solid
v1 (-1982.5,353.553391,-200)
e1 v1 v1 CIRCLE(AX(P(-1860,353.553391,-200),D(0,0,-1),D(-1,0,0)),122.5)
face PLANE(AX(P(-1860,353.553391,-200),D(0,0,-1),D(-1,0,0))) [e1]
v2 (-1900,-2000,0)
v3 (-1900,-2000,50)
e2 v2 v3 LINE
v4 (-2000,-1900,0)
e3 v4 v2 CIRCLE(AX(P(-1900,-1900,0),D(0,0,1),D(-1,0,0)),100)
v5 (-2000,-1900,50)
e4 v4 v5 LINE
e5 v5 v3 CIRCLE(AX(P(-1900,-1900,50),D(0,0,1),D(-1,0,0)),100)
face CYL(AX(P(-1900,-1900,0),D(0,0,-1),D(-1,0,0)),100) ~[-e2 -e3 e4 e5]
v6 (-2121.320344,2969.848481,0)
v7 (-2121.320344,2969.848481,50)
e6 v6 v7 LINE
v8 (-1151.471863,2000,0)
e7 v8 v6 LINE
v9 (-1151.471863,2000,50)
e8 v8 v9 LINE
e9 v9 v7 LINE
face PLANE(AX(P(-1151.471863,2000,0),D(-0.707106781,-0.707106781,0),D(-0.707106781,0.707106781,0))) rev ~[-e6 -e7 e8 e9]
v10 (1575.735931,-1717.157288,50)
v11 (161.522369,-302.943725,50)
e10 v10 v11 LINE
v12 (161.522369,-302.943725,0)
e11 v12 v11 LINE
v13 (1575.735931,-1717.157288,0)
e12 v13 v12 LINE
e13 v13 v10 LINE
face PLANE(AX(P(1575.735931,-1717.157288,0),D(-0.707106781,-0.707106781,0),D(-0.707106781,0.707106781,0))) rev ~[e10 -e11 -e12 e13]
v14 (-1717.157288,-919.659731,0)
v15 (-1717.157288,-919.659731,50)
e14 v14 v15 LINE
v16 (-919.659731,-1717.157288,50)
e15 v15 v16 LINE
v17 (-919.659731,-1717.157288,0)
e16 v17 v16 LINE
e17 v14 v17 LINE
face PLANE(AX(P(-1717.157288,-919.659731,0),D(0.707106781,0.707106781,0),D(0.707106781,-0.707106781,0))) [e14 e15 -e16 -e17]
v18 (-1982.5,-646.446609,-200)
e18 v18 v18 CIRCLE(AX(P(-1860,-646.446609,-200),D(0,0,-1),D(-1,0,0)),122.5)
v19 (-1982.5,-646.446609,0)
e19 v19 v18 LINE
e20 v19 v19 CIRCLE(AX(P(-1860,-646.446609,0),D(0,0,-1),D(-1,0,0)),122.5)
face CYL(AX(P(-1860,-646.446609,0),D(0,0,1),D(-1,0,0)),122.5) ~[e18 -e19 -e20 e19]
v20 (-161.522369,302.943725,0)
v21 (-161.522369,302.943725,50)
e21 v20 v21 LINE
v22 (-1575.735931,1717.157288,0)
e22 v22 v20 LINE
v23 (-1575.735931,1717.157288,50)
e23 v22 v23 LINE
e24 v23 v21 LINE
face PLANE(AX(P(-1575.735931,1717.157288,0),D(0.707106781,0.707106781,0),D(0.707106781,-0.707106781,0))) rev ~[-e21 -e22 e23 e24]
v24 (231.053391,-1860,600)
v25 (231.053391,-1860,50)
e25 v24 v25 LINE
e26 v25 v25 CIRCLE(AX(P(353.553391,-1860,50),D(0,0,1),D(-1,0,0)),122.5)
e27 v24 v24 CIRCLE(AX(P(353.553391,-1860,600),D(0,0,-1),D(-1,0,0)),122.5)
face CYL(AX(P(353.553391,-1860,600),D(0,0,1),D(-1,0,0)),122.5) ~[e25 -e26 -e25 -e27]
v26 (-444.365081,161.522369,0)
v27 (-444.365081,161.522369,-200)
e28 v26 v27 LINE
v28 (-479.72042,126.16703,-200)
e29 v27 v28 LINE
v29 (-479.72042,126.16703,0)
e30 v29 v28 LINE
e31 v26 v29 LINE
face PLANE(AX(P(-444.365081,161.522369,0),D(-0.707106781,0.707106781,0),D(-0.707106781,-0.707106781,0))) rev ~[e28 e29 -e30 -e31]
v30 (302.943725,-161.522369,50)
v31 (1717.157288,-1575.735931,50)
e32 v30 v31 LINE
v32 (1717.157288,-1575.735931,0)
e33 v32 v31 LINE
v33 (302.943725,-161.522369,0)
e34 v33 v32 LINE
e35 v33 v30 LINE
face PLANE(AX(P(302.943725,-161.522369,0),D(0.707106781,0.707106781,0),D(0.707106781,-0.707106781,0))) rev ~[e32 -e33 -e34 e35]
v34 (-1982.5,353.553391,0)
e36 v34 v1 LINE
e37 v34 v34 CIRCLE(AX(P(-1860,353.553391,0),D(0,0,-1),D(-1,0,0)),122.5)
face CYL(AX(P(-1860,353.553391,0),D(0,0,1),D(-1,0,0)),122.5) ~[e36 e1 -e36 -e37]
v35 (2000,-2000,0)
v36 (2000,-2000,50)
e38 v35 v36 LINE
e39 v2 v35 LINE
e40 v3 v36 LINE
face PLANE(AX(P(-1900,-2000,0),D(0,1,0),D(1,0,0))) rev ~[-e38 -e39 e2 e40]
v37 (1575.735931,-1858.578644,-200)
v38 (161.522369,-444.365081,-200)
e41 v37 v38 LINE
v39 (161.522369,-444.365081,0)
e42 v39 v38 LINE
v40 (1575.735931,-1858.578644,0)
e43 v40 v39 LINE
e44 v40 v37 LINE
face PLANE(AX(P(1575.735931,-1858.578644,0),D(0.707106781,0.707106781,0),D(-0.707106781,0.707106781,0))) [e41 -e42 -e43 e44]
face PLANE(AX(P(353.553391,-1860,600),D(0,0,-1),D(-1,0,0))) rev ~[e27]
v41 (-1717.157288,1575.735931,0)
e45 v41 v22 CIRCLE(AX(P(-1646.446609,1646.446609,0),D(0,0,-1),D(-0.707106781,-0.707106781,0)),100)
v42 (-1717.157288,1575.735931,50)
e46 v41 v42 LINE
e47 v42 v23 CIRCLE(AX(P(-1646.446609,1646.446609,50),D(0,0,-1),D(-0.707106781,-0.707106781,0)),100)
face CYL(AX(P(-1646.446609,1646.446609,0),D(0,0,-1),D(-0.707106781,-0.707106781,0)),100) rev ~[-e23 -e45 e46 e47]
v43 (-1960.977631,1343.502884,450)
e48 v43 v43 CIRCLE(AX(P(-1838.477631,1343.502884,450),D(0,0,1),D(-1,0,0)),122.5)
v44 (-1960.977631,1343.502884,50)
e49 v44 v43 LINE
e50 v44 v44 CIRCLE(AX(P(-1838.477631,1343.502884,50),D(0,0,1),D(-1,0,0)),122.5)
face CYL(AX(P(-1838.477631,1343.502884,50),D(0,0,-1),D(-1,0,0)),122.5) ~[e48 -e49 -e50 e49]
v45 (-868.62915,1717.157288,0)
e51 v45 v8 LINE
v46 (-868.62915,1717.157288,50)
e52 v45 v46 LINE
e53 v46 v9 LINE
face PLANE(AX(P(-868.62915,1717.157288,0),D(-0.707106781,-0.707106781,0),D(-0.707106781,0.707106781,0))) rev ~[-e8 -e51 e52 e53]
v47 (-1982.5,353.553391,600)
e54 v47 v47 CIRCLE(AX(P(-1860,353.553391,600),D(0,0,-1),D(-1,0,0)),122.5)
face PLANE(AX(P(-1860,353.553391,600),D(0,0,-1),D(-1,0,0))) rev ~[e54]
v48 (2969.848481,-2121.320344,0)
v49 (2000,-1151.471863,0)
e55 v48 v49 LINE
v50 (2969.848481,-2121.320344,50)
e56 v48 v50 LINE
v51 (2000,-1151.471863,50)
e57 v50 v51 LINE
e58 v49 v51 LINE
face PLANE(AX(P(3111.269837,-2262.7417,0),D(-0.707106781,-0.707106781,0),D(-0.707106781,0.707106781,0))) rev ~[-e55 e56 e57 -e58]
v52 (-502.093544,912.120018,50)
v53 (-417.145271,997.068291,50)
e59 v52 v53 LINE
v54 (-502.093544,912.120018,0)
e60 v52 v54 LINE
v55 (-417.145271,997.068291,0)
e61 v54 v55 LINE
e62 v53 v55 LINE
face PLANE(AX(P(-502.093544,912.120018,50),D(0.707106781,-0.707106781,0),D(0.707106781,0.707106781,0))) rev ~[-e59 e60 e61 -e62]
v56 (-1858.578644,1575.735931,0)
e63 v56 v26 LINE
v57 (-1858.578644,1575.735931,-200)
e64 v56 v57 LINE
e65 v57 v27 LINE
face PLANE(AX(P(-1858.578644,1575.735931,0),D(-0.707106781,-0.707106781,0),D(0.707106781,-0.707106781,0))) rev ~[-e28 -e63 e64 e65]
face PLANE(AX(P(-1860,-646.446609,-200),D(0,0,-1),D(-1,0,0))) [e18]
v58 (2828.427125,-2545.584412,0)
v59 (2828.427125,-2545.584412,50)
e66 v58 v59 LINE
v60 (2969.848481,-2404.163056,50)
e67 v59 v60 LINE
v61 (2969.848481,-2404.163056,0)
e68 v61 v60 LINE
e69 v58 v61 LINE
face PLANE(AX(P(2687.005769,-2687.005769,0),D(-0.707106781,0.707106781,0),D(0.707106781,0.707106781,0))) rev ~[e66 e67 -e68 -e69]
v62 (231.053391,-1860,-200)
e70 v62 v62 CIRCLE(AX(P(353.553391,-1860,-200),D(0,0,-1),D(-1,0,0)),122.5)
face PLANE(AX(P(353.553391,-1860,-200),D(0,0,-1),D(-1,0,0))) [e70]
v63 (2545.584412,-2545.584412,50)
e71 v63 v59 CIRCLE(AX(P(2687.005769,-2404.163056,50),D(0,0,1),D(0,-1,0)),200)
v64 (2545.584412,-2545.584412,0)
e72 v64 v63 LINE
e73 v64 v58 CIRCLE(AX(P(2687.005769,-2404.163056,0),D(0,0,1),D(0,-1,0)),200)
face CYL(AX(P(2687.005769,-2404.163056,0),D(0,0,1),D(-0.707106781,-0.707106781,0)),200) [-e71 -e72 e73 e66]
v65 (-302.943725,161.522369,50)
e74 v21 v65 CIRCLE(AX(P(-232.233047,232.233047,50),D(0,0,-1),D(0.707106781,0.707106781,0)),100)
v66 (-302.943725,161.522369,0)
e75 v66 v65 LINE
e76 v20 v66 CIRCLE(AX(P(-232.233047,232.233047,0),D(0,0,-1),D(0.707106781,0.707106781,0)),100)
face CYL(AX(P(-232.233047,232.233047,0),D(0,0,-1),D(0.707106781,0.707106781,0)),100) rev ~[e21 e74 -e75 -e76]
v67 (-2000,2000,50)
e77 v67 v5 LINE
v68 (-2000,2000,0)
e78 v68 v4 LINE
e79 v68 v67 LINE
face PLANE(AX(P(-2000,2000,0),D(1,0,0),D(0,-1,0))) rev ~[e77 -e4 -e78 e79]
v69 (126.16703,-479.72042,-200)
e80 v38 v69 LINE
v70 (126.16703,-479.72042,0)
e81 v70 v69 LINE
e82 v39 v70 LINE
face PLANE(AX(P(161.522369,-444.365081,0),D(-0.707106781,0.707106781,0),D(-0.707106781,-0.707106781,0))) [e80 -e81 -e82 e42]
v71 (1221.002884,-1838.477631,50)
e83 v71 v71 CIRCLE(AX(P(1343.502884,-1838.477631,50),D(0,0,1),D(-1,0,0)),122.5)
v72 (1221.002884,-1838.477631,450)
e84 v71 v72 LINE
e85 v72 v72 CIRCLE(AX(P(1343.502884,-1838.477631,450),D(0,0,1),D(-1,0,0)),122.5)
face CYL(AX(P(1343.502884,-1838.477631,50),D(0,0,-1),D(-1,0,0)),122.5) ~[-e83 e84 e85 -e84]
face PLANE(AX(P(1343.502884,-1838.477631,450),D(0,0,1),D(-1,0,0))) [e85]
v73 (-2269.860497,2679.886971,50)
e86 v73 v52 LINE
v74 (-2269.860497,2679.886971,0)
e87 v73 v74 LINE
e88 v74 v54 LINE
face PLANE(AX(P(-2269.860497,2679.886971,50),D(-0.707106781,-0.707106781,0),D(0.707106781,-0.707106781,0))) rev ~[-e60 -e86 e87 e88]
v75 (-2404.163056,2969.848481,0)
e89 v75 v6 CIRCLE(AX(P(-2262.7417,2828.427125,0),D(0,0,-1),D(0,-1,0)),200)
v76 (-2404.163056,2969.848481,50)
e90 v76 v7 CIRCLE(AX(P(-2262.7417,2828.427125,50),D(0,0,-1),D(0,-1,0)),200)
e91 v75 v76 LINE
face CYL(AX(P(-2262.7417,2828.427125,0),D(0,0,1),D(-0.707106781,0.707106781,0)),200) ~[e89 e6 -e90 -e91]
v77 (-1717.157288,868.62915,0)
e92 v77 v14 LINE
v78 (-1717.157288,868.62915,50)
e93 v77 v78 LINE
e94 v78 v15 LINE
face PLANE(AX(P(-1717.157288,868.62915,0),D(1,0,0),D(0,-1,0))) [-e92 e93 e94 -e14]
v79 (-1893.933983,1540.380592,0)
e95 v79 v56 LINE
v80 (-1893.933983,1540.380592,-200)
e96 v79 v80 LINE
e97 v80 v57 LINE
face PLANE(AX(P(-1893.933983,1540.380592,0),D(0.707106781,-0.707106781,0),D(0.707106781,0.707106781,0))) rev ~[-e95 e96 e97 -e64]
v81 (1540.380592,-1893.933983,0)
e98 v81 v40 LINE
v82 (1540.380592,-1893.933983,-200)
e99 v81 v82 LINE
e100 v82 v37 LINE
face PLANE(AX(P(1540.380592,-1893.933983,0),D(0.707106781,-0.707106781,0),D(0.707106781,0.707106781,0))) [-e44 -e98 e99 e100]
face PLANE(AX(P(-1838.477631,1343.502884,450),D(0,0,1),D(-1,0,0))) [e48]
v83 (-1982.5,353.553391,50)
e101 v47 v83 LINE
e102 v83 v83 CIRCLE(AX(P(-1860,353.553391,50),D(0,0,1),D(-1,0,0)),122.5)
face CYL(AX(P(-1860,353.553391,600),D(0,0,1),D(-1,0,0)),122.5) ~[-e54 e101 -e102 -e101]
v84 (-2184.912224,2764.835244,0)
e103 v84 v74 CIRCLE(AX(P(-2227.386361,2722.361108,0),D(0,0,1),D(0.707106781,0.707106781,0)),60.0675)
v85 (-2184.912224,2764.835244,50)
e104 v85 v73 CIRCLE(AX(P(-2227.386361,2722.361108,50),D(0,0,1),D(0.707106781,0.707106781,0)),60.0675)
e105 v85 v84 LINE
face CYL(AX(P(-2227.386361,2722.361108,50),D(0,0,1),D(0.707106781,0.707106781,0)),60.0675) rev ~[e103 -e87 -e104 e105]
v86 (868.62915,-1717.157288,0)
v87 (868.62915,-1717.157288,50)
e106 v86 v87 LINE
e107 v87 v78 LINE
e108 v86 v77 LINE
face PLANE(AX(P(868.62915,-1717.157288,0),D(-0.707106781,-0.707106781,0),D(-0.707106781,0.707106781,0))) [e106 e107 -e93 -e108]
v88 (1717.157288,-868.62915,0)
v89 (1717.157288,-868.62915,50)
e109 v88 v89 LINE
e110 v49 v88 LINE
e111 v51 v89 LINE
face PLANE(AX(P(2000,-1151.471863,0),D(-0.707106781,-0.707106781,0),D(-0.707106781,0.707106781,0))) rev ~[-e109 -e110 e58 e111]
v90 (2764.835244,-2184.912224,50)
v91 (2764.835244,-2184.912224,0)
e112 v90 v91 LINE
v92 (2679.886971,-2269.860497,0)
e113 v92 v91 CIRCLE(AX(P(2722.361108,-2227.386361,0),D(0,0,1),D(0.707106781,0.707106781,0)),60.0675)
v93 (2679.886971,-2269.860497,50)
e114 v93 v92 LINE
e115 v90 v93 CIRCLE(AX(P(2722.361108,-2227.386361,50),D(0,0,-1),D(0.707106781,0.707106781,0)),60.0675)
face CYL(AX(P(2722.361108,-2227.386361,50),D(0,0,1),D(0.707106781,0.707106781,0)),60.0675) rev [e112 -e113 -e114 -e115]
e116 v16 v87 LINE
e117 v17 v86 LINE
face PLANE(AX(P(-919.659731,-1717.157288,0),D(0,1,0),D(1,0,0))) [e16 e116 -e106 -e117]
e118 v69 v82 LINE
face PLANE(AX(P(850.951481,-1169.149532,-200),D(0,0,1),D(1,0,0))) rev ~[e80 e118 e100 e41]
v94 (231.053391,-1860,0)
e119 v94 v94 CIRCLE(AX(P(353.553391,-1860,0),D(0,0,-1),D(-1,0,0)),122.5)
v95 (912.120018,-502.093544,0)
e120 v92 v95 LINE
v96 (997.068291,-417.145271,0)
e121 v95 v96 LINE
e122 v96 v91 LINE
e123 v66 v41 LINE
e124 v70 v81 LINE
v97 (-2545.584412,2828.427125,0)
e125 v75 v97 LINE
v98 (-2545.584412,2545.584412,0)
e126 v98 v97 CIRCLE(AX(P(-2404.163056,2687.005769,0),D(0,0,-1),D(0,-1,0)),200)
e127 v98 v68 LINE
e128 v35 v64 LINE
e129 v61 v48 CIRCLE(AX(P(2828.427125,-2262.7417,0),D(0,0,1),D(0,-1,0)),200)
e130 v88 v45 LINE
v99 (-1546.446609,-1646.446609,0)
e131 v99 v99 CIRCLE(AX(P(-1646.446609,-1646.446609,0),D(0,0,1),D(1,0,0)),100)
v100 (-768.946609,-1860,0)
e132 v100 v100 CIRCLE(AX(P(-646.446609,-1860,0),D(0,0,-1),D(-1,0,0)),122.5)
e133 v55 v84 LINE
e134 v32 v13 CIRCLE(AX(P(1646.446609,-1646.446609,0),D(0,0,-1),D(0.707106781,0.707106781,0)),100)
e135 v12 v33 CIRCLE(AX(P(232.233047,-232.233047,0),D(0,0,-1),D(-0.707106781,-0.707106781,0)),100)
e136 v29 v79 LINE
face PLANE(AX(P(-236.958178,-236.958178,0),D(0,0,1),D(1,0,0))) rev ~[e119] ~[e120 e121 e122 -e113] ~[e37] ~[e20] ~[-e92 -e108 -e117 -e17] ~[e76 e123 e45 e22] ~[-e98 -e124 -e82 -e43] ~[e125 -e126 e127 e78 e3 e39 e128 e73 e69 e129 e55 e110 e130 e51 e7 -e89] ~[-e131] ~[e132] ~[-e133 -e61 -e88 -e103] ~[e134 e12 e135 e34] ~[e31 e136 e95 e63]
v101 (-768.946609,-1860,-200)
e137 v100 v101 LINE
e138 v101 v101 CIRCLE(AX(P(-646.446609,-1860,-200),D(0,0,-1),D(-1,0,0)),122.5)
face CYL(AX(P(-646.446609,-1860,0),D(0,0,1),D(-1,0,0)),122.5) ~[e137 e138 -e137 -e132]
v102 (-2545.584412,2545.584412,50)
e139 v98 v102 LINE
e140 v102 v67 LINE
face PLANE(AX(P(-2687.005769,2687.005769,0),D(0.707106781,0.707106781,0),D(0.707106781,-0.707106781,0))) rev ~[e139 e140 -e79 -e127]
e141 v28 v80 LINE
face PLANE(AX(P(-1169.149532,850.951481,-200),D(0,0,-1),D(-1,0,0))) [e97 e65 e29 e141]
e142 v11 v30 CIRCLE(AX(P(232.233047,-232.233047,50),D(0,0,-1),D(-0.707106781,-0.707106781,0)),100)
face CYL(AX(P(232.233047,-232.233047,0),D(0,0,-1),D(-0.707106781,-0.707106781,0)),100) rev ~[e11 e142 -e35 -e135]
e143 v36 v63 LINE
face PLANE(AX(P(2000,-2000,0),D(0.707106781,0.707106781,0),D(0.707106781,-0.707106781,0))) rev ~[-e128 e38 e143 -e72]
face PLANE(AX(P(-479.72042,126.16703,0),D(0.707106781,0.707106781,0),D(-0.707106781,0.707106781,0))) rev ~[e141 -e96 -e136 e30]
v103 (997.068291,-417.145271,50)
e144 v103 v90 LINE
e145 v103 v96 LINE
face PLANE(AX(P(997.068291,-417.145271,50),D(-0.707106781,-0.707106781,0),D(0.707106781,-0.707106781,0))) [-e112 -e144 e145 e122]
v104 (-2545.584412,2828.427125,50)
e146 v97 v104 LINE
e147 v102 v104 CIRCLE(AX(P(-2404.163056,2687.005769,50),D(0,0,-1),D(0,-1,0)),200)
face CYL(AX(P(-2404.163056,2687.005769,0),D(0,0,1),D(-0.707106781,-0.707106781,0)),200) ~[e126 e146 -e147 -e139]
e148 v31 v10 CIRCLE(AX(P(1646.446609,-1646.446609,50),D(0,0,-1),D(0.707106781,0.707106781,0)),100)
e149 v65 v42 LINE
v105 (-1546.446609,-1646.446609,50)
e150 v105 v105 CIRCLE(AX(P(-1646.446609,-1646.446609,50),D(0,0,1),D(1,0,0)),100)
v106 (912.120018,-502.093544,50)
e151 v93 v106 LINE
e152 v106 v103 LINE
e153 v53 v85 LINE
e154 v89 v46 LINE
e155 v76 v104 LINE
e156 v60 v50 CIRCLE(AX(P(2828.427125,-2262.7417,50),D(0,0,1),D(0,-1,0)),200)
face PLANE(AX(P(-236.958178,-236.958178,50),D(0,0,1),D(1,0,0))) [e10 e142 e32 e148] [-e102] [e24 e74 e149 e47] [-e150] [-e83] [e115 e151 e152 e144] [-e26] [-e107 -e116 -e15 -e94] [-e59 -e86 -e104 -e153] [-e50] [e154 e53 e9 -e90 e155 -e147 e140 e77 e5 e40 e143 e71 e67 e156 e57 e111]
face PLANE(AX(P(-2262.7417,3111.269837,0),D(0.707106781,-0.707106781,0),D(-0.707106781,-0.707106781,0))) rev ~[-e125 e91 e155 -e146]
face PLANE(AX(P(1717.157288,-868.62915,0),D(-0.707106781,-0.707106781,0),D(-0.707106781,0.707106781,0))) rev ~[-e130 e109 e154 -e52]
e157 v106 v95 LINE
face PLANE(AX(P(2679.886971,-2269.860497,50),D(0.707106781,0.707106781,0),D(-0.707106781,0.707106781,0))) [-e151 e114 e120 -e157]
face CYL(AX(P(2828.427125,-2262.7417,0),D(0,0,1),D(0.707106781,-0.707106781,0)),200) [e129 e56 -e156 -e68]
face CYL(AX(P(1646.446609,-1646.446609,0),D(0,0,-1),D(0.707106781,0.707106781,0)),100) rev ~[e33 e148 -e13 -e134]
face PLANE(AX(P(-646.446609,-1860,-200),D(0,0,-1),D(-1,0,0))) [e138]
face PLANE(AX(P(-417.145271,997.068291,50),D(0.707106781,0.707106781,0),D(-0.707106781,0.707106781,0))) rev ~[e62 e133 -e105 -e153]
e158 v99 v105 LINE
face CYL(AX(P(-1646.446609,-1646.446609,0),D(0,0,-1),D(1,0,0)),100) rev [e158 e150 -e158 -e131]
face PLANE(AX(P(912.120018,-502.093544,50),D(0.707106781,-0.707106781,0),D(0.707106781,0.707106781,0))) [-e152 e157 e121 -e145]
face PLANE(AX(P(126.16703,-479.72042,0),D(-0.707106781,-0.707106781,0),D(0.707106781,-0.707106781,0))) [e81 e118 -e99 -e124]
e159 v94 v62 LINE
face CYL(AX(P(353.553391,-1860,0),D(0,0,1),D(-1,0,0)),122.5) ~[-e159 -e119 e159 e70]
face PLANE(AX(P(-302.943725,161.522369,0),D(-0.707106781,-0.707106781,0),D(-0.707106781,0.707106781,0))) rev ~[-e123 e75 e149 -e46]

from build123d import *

# Parameters (mm, degrees)
SKETCH1_R           = 100
BOSS_EXTRUDE1_DEPTH = 50
SKETCH3_R           = 122.5
BOSS_EXTRUDE3_DEPTH = 200
BOSS_EXTRUDE4_START = -600
SKETCH3_2_R         = 122.5
BOSS_EXTRUDE4_DEPTH = 600
SKETCH6_R           = 122.5
BOSS_EXTRUDE5_DEPTH = 400
CUT_EXTRUDE1_DEPTH  = 4435.241761564
FILLET1_R           = 200


with BuildPart() as part:
    # Sketch1 → Boss-Extrude1 (new body)
    with BuildSketch(Plane.XY):
        with BuildLine():
            Line((-2000, 2000), (-2000, -1900))
            ThreePointArc((-2000, -1900), (-1970.710678119, -1970.710678119), (-1900, -2000))
            Line((-1900, -2000), (2000, -2000))
            Line((2000, -2000), (2687.005768509, -2687.005768509))
            Line((2687.005768509, -2687.005768509), (3111.269837221, -2262.741699797))
            Line((3111.269837221, -2262.741699797), (2000, -1151.471862576))
            Line((2000, -1151.471862576), (1717.157287525, -868.629150102))
            Line((1717.157287525, -868.629150102), (-868.629150102, 1717.157287525))
            Line((-868.629150102, 1717.157287525), (-1151.471862576, 2000))
            Line((-1151.471862576, 2000), (-2262.741699797, 3111.269837221))
            Line((-2262.741699797, 3111.269837221), (-2687.005768509, 2687.005768509))
            Line((-2687.005768509, 2687.005768509), (-2000, 2000))
        make_face()
        with Locations((-1646.446609407, -1646.446609407)):
            Circle(SKETCH1_R, mode=Mode.SUBTRACT)
        with BuildLine():
            Line((1575.735931288, -1717.157287525), (161.522368915, -302.943725152))
            ThreePointArc((161.522368915, -302.943725152), (161.522368915, -161.522368915), (302.943725152, -161.522368915))
            Line((302.943725152, -161.522368915), (1717.157287525, -1575.735931288))
            ThreePointArc((1717.157287525, -1575.735931288), (1717.157287525, -1717.157287525), (1575.735931288, -1717.157287525))
        make_face(mode=Mode.SUBTRACT)
        with BuildLine():
            Line((-302.943725152, 161.522368915), (-1717.157287525, 1575.735931288))
            ThreePointArc((-1717.157287525, 1575.735931288), (-1717.157287525, 1717.157287525), (-1575.735931288, 1717.157287525))
            Line((-1575.735931288, 1717.157287525), (-161.522368915, 302.943725152))
            ThreePointArc((-161.522368915, 302.943725152), (-161.522368915, 161.522368915), (-302.943725152, 161.522368915))
        make_face(mode=Mode.SUBTRACT)
        Polygon((-919.659730978, -1717.157287525), (868.629150102, -1717.157287525), (-1717.157287525, 868.629150102), (-1717.157287525, -919.659730978), align=None, mode=Mode.SUBTRACT)
    extrude(amount=BOSS_EXTRUDE1_DEPTH)

    # Sketch3 → Boss-Extrude3 (add)
    with BuildSketch(Plane(origin=(0, 0, 0), x_dir=(-1, 0, 0), z_dir=(0, 0, -1))):
        with Locations((646.446609407, -1860)):
            Circle(SKETCH3_R)
        with Locations((-353.553390593, -1860)):
            Circle(SKETCH3_R)
        with Locations((1860, -646.446609407)):
            Circle(SKETCH3_R)
        with Locations((1860, 353.553390593)):
            Circle(SKETCH3_R)
        Polygon((1858.578643763, 1575.735931288), (444.36508139, 161.522368915), (479.720420449, 126.167029856), (1893.933982822, 1540.380592229), align=None)
        Polygon((-1540.380592229, -1893.933982822), (-1575.735931288, -1858.578643763), (-161.522368915, -444.36508139), (-126.167029856, -479.720420449), align=None)
    extrude(amount=BOSS_EXTRUDE3_DEPTH)

    # Sketch3<2> → Boss-Extrude4 (add)
    with BuildSketch(Plane(origin=(0, 0, 0), x_dir=(-1, 0, 0), z_dir=(0, 0, -1)).offset(BOSS_EXTRUDE4_START)):
        with Locations((-353.553390593, -1860)):
            Circle(SKETCH3_2_R)
        with Locations((1860, 353.553390593)):
            Circle(SKETCH3_2_R)
    extrude(amount=BOSS_EXTRUDE4_DEPTH)

    # Sketch6 → Boss-Extrude5 (add)
    with BuildSketch(Plane.XY.offset(50)):
        with Locations((-1838.477631085, 1343.502884254)):
            Circle(SKETCH6_R)
        with Locations((1343.502884254, -1838.477631085)):
            Circle(SKETCH6_R)
    extrude(amount=BOSS_EXTRUDE5_DEPTH)

    # Sketch8 → Cut-Extrude1 (cut, through all)
    with BuildSketch(Plane.XY.offset(50)):
        with BuildLine():
            Line((-2269.860497369, 2679.886970937), (-502.093544403, 912.12001797))
            Line((-502.093544403, 912.12001797), (-417.14527114, 997.068291233))
            Line((-417.14527114, 997.068291233), (-2184.912224106, 2764.8352442))
            ThreePointArc((-2184.912224106, 2764.8352442), (-2269.860497369, 2764.8352442), (-2269.860497369, 2679.886970937))
        make_face()
        with BuildLine():
            Line((912.12001797, -502.093544403), (997.068291233, -417.14527114))
            Line((997.068291233, -417.14527114), (2764.8352442, -2184.912224106))
            ThreePointArc((2764.8352442, -2184.912224106), (2764.8352442, -2269.860497369), (2679.886970937, -2269.860497369))
            Line((2679.886970937, -2269.860497369), (912.12001797, -502.093544403))
        make_face()
    extrude(amount=-CUT_EXTRUDE1_DEPTH, mode=Mode.SUBTRACT)

    # Fillet1
    fillet1_edges = [part.edges().sort_by_distance(p)[0] for p in [
        (-2687.005768509, 2687.005768509, 25),
        (-2262.741699797, 3111.269837221, 25),
        (3111.269837221, -2262.741699797, 25),
        (2687.005768509, -2687.005768509, 25),
    ]]
    fillet(fillet1_edges, radius=FILLET1_R)


solid = part.part
